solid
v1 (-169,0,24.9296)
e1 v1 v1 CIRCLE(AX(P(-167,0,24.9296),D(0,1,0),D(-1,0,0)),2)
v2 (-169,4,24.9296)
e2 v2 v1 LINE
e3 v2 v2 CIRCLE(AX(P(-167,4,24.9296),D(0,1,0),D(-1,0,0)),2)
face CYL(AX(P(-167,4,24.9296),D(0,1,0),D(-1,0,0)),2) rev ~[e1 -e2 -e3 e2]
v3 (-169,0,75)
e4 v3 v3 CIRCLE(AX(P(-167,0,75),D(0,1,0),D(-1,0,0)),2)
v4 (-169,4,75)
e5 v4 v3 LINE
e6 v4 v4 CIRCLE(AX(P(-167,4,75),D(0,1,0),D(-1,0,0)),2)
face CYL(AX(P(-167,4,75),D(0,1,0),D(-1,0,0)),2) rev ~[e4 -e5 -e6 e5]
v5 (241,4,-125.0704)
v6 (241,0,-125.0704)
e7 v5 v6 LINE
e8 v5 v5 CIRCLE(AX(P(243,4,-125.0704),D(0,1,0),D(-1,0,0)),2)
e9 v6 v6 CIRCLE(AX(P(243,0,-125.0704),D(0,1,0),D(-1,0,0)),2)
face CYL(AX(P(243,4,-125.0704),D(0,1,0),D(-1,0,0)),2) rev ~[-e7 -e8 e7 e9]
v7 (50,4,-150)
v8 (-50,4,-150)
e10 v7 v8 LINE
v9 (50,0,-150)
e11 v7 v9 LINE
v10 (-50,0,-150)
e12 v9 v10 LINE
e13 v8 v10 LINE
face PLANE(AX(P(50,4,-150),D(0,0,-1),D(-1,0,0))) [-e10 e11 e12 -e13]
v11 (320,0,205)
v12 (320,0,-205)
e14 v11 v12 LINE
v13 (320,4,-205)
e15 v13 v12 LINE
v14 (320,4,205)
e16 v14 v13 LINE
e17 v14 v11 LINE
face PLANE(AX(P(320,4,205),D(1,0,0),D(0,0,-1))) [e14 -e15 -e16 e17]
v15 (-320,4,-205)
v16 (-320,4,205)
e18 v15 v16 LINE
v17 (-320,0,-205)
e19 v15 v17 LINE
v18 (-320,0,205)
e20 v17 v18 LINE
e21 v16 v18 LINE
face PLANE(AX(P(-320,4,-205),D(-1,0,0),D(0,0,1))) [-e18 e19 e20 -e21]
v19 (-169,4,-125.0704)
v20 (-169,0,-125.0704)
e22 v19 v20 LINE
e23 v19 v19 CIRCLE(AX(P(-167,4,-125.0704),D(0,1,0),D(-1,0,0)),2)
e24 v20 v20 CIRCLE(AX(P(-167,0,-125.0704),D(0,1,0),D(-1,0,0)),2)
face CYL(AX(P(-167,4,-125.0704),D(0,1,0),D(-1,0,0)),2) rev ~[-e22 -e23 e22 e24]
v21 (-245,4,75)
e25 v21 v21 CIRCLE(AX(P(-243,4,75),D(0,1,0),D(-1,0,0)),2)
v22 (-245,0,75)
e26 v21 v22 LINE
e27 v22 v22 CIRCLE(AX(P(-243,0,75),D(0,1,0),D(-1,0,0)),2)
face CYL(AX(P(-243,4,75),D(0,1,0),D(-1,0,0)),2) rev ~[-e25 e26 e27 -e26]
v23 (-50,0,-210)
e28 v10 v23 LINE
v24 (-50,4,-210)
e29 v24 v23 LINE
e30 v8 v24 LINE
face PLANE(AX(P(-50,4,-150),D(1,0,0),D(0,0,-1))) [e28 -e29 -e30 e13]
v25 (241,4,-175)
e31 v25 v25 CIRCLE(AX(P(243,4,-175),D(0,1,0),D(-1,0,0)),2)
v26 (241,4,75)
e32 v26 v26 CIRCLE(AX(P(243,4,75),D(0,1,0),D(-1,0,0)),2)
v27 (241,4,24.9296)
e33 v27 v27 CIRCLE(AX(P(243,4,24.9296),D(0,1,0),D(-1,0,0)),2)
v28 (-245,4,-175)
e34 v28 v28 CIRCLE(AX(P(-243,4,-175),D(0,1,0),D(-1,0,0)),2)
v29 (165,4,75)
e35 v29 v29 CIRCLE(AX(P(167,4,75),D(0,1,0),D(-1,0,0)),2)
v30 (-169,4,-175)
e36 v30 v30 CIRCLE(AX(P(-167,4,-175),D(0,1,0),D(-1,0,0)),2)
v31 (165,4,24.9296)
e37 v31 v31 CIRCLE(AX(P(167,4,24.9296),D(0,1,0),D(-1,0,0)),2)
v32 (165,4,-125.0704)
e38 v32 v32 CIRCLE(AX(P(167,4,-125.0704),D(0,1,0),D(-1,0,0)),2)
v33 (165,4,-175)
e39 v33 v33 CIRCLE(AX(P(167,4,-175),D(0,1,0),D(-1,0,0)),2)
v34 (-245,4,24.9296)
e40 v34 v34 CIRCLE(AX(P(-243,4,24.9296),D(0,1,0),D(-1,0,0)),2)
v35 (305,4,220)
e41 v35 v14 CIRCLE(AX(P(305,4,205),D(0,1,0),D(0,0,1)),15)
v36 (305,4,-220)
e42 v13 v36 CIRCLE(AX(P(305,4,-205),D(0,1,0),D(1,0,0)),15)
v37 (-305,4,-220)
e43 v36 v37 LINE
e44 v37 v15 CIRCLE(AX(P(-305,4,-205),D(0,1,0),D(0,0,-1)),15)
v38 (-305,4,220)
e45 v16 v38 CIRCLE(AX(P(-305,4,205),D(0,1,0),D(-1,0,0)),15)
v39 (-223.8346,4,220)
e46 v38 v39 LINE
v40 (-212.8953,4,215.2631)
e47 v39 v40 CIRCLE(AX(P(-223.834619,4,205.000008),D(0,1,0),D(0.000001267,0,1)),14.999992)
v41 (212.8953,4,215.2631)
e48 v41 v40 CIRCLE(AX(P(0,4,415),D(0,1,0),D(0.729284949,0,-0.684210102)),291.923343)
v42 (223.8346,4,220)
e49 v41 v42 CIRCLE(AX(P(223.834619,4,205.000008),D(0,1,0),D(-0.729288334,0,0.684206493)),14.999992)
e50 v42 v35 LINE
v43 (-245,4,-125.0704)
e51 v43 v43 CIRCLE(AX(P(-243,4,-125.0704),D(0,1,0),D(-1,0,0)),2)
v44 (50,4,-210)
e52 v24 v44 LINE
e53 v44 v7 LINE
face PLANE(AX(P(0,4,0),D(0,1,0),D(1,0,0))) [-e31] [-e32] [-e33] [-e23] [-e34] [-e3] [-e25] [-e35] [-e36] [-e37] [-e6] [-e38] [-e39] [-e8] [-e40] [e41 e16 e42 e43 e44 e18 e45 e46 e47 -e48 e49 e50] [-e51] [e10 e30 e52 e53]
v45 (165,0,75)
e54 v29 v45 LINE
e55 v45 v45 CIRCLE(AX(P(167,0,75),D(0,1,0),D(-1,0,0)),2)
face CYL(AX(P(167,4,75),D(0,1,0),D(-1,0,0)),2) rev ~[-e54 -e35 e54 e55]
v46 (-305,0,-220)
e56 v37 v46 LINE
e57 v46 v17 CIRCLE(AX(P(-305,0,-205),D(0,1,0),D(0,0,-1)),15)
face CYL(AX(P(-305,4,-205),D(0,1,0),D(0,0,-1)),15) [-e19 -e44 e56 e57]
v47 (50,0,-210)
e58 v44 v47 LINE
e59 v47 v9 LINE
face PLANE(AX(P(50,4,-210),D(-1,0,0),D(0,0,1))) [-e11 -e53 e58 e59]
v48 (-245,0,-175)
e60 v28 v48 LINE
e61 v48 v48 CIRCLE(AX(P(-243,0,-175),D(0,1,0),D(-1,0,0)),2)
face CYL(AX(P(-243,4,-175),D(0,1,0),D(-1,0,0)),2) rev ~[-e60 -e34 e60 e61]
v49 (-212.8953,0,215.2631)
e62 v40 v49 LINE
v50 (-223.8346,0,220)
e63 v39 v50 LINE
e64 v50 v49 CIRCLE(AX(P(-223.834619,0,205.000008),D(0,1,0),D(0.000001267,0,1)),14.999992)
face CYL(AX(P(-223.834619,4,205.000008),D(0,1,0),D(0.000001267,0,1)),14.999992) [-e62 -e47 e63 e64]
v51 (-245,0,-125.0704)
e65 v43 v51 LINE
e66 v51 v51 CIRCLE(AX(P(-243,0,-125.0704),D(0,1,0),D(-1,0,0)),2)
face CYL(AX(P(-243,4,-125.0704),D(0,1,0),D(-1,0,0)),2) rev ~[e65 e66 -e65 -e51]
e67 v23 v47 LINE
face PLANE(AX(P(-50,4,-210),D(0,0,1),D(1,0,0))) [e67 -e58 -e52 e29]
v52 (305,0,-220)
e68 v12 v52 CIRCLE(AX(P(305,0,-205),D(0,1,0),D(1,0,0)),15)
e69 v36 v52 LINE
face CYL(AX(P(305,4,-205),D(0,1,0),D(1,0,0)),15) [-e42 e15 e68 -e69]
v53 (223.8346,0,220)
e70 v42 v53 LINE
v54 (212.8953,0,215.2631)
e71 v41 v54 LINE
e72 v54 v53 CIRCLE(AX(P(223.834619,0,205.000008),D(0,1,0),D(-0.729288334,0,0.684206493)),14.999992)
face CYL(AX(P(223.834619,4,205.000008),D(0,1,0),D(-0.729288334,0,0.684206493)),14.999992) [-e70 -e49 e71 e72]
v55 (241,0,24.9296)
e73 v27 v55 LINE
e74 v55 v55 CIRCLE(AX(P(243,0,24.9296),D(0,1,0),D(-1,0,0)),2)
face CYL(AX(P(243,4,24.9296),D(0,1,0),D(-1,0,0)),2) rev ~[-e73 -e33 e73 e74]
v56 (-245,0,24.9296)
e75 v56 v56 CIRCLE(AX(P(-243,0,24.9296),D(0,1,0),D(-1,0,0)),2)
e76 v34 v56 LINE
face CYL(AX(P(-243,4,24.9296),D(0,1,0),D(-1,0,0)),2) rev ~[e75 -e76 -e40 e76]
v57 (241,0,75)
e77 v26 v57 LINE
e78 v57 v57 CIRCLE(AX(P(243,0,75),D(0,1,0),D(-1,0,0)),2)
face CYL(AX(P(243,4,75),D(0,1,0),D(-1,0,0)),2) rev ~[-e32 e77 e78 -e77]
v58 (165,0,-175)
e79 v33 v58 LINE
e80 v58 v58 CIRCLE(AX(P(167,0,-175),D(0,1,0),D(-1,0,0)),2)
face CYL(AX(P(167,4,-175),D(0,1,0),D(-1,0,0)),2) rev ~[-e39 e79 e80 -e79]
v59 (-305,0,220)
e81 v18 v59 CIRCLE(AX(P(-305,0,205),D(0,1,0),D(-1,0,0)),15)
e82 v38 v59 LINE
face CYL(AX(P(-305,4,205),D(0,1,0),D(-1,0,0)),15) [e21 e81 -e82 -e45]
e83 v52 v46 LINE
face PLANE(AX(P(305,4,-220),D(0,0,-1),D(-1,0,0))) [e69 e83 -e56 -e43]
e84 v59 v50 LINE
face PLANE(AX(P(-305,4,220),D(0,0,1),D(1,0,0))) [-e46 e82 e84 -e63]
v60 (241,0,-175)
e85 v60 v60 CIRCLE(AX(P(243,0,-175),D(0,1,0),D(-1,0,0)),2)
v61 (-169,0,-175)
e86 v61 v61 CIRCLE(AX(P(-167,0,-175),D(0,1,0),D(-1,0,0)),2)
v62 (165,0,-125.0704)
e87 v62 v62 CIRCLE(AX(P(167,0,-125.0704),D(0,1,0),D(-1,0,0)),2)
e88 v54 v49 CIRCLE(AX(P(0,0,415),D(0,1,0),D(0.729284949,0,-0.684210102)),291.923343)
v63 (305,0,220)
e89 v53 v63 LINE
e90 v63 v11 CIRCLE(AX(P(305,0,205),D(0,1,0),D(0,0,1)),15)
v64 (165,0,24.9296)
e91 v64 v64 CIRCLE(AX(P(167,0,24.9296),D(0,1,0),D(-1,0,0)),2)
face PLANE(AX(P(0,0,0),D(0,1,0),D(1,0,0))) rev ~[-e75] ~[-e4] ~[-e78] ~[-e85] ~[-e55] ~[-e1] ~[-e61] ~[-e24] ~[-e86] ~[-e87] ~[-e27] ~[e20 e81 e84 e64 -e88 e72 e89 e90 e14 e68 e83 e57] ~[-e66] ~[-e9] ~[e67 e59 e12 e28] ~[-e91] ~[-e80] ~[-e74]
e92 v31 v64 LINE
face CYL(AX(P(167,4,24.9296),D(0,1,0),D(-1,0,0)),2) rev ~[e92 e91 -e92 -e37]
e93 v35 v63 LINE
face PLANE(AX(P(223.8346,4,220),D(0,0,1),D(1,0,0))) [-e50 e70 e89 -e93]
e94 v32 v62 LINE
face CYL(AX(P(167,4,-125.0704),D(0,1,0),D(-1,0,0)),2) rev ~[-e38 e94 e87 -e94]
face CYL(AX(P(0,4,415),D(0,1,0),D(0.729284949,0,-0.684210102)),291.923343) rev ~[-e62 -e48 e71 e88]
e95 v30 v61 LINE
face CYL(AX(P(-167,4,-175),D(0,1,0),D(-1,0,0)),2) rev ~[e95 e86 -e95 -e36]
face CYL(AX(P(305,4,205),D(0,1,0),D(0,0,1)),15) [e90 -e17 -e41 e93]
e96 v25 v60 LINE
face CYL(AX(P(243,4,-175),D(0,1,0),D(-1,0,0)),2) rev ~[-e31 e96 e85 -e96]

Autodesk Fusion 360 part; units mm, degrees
sketch "Esquisse1" plane through (0, 0, 0) normal (0, 1, 0) x (1, 0, 0)
  line L0 (-305, 225) -> (305, 225)
  line L1 (325, 205) -> (325, -205)
  line L2 (305, -225) -> (223.8346, -225)
  line L3 (-325, -205) -> (-325, 205)
  line L4 (-325, 225) -> (325, -225) construction
  line L5 (325, 225) -> (-325, -225) construction
  arc A0 (209.2489, -218.6842) -> (-209.2489, -218.6842) centre (0, -415) ccw
  line L6 (-367.4671, -125) -> (350, -125) construction
  line L7 (-305, -225) -> (-223.8346, -225)
  line L8 (215, -225) -> (325, -225)
  arc A1 (209.2489, -218.6842) -> (223.8346, -225) centre (223.8346, -205) ccw
  arc A2 (305, -225) -> (325, -205) centre (305, -205) ccw
  arc A3 (325, 205) -> (305, 225) centre (305, 205) ccw
  arc A4 (-305, 225) -> (-325, 205) centre (-305, 205) ccw
  arc A5 (-325, -205) -> (-305, -225) centre (-305, -205) ccw
  arc A6 (-223.8346, -225) -> (-209.2489, -218.6842) centre (-223.8346, -205) ccw
  point P0 (-215, -225)
  dimension "d12" = 650
  dimension "d13" = 450
  dimension "d14" = 110
  dimension "d15" = 110
  dimension "d16" = 100
  dimension "d20" = 190
  dimension "d21" = 20
extrude "Extrusion1" add sketch "Esquisse1" along normal blind 4
sketch "Esquisse2" plane through (0, 4, 0) normal (0, 1, 0) x (-1, 0, 0)
  arc A0 (325, 205) -> (305, 225) centre (305, 205) ccw
  line L0 (305, 225) -> (223.8346, 225)
  arc A1 (223.8346, 225) -> (209.2489, 218.6842) centre (223.8346, 205) ccw
  arc A2 (-209.2489, 218.6842) -> (209.2489, 218.6842) centre (0, 415) ccw
  arc A3 (-209.2489, 218.6842) -> (-223.8346, 225) centre (-223.8346, 205) ccw
  line L1 (-223.8346, 225) -> (-305, 225)
  arc A4 (-305, 225) -> (-325, 205) centre (-305, 205) ccw
  line L2 (-325, 205) -> (-325, -205)
  arc A5 (-325, -205) -> (-305, -225) centre (-305, -205) ccw
  line L3 (-305, -225) -> (305, -225)
  arc A6 (305, -225) -> (325, -205) centre (305, -205) ccw
  line L4 (325, -205) -> (325, 205)
  line L5 (-50, -150) -> (50, -150)
  line L6 (50, -150) -> (50, -210)
  line L7 (50, -210) -> (-50, -210)
  line L8 (50, -210) -> (-50, -150) construction
  line L9 (-50, -210) -> (-50, -150)
  line L10 (-50, -210) -> (50, -150) construction
  point P0 (0, -275)
  point P1 (0, -180)
  dimension "d24" = 60
  dimension "d25" = 100
  dimension "d26" = 15
extrude "Extrusion2" cut sketch "Esquisse2" against normal blind 50 contours L5 L6 L7 L9
sketch "Esquisse3" plane through (0, 4, 0) normal (0, 1, 0) x (-1, 0, 0)
  line L0 (50, -150) -> (50, -210)
  line L1 (50, -210) -> (-50, -210)
  line L2 (-50, -210) -> (-50, -150)
  line L3 (-50, -150) -> (50, -150)
  arc A0 (325, 205) -> (305, 225) centre (305, 205) ccw
  line L4 (305, 225) -> (223.8346, 225)
  arc A1 (223.8346, 225) -> (209.2489, 218.6842) centre (223.8346, 205) ccw
  arc A2 (-209.2489, 218.6842) -> (209.2489, 218.6842) centre (0, 415) ccw
  arc A3 (-209.2489, 218.6842) -> (-223.8346, 225) centre (-223.8346, 205) ccw
  line L5 (-223.8346, 225) -> (-305, 225)
  arc A4 (-305, 225) -> (-325, 205) centre (-305, 205) ccw
  line L6 (-325, 205) -> (-325, -205)
  arc A5 (-325, -205) -> (-305, -225) centre (-305, -205) ccw
  line L7 (-305, -225) -> (305, -225)
  arc A6 (305, -225) -> (325, -205) centre (305, -205) ccw
  line L8 (325, -205) -> (325, 205)
  circle A7 centre (167, 75) radius 2
  circle A8 centre (243, 75) radius 2
  circle A9 centre (243, -175) radius 2
  circle A10 centre (243, -125.0704) radius 2
  circle A11 centre (167, 24.9296) radius 2
  circle A12 centre (243, 24.9296) radius 2
  circle A13 centre (167, -175) radius 2
  circle A14 centre (167, -125.0704) radius 2
  line L9 (205, -263.7962) -> (205, 261.6023) construction
  line L10 (0, -279.9296) -> (0, 210.0704) construction
  circle A15 centre (-243, 75) radius 2
  circle A16 centre (-167, -175) radius 2
  circle A17 centre (-167, -125.0704) radius 2
  circle A18 centre (-243, -125.0704) radius 2
  circle A19 centre (-243, 24.9296) radius 2
  circle A20 centre (-243, -175) radius 2
  circle A21 centre (-167, 75) radius 2
  circle A22 centre (-167, 24.9296) radius 2
  line L11 (-205, -263.7962) -> (-205, 261.6023) construction
  dimension "d29" = 4
  dimension "d30" = 38
  dimension "d31" = 4
  dimension "d32" = 38
  dimension "d33" = 205
  dimension "d34" = 50
extrude "Extrusion3" cut sketch "Esquisse3" against normal blind 25 contours A7 | A8 | A9 | A10 | A11 | A12 | A13 | A14 | A15 | A16 | A17 | A18 | A19 | A20 | A21 | A22
sketch "Esquisse4" plane through (0, 4, 0) normal (0, 1, 0) x (-1, 0, 0)
  circle A0 centre (-243, 24.9296) radius 2
  circle A1 centre (-167, -175) radius 2
  circle A2 centre (167, -175) radius 2
  circle A3 centre (167, 75) radius 2
  circle A4 centre (167, 24.9296) radius 2
  circle A5 centre (243, -125.0704) radius 2
  circle A6 centre (-167, -125.0704) radius 2
  circle A7 centre (-243, 75) radius 2
  circle A8 centre (-167, 24.9296) radius 2
  circle A9 centre (-243, -175) radius 2
  circle A10 centre (243, -175) radius 2
  circle A11 centre (243, 75) radius 2
  circle A12 centre (243, 24.9296) radius 2
  circle A13 centre (167, -125.0704) radius 2
  circle A14 centre (-243, -125.0704) radius 2
  circle A15 centre (-167, 75) radius 2
  line L0 (50, -150) -> (50, -210)
  line L1 (50, -210) -> (-50, -210)
  line L2 (-50, -210) -> (-50, -150)
  line L3 (-50, -150) -> (50, -150)
  arc A16 (325, 205) -> (305, 225) centre (305, 205) ccw
  line L4 (305, 225) -> (223.8346, 225)
  arc A17 (223.8346, 225) -> (209.2489, 218.6842) centre (223.8346, 205) ccw
  arc A18 (-209.2489, 218.6842) -> (209.2489, 218.6842) centre (0, 415) ccw
  arc A19 (-209.2489, 218.6842) -> (-223.8346, 225) centre (-223.8346, 205) ccw
  line L5 (-223.8346, 225) -> (-305, 225)
  arc A20 (-305, 225) -> (-325, 205) centre (-305, 205) ccw
  line L6 (-325, 205) -> (-325, -205)
  arc A21 (-325, -205) -> (-305, -225) centre (-305, -205) ccw
  line L7 (-305, -225) -> (305, -225)
  arc A22 (305, -225) -> (325, -205) centre (305, -205) ccw
  line L8 (325, -205) -> (325, 205)
  line L9 (305, 220) -> (223.8346, 220)
  arc A23 (223.8346, 220) -> (212.8953, 215.2631) centre (223.8346, 205) ccw
  arc A24 (-212.8953, 215.2631) -> (212.8953, 215.2631) centre (0, 415) ccw
  arc A25 (-212.8953, 215.2631) -> (-223.8346, 220) centre (-223.8346, 205) ccw
  line L10 (-223.8346, 220) -> (-305, 220)
  arc A26 (-305, 220) -> (-320, 205) centre (-305, 205) ccw
  line L11 (-320, 205) -> (-320, -205)
  arc A27 (-320, -205) -> (-305, -220) centre (-305, -205) ccw
  line L12 (-305, -220) -> (305, -220)
  arc A28 (305, -220) -> (320, -205) centre (305, -205) ccw
  line L13 (320, -205) -> (320, 205)
  arc A29 (320, 205) -> (305, 220) centre (305, 205) ccw
  dimension "d37" = -5
extrude "Extrusion4" cut sketch "Esquisse4" against normal blind 50 contours A16 L4 A17 A18 A19 L5 A20 L6 A21 L7 A22 L8
